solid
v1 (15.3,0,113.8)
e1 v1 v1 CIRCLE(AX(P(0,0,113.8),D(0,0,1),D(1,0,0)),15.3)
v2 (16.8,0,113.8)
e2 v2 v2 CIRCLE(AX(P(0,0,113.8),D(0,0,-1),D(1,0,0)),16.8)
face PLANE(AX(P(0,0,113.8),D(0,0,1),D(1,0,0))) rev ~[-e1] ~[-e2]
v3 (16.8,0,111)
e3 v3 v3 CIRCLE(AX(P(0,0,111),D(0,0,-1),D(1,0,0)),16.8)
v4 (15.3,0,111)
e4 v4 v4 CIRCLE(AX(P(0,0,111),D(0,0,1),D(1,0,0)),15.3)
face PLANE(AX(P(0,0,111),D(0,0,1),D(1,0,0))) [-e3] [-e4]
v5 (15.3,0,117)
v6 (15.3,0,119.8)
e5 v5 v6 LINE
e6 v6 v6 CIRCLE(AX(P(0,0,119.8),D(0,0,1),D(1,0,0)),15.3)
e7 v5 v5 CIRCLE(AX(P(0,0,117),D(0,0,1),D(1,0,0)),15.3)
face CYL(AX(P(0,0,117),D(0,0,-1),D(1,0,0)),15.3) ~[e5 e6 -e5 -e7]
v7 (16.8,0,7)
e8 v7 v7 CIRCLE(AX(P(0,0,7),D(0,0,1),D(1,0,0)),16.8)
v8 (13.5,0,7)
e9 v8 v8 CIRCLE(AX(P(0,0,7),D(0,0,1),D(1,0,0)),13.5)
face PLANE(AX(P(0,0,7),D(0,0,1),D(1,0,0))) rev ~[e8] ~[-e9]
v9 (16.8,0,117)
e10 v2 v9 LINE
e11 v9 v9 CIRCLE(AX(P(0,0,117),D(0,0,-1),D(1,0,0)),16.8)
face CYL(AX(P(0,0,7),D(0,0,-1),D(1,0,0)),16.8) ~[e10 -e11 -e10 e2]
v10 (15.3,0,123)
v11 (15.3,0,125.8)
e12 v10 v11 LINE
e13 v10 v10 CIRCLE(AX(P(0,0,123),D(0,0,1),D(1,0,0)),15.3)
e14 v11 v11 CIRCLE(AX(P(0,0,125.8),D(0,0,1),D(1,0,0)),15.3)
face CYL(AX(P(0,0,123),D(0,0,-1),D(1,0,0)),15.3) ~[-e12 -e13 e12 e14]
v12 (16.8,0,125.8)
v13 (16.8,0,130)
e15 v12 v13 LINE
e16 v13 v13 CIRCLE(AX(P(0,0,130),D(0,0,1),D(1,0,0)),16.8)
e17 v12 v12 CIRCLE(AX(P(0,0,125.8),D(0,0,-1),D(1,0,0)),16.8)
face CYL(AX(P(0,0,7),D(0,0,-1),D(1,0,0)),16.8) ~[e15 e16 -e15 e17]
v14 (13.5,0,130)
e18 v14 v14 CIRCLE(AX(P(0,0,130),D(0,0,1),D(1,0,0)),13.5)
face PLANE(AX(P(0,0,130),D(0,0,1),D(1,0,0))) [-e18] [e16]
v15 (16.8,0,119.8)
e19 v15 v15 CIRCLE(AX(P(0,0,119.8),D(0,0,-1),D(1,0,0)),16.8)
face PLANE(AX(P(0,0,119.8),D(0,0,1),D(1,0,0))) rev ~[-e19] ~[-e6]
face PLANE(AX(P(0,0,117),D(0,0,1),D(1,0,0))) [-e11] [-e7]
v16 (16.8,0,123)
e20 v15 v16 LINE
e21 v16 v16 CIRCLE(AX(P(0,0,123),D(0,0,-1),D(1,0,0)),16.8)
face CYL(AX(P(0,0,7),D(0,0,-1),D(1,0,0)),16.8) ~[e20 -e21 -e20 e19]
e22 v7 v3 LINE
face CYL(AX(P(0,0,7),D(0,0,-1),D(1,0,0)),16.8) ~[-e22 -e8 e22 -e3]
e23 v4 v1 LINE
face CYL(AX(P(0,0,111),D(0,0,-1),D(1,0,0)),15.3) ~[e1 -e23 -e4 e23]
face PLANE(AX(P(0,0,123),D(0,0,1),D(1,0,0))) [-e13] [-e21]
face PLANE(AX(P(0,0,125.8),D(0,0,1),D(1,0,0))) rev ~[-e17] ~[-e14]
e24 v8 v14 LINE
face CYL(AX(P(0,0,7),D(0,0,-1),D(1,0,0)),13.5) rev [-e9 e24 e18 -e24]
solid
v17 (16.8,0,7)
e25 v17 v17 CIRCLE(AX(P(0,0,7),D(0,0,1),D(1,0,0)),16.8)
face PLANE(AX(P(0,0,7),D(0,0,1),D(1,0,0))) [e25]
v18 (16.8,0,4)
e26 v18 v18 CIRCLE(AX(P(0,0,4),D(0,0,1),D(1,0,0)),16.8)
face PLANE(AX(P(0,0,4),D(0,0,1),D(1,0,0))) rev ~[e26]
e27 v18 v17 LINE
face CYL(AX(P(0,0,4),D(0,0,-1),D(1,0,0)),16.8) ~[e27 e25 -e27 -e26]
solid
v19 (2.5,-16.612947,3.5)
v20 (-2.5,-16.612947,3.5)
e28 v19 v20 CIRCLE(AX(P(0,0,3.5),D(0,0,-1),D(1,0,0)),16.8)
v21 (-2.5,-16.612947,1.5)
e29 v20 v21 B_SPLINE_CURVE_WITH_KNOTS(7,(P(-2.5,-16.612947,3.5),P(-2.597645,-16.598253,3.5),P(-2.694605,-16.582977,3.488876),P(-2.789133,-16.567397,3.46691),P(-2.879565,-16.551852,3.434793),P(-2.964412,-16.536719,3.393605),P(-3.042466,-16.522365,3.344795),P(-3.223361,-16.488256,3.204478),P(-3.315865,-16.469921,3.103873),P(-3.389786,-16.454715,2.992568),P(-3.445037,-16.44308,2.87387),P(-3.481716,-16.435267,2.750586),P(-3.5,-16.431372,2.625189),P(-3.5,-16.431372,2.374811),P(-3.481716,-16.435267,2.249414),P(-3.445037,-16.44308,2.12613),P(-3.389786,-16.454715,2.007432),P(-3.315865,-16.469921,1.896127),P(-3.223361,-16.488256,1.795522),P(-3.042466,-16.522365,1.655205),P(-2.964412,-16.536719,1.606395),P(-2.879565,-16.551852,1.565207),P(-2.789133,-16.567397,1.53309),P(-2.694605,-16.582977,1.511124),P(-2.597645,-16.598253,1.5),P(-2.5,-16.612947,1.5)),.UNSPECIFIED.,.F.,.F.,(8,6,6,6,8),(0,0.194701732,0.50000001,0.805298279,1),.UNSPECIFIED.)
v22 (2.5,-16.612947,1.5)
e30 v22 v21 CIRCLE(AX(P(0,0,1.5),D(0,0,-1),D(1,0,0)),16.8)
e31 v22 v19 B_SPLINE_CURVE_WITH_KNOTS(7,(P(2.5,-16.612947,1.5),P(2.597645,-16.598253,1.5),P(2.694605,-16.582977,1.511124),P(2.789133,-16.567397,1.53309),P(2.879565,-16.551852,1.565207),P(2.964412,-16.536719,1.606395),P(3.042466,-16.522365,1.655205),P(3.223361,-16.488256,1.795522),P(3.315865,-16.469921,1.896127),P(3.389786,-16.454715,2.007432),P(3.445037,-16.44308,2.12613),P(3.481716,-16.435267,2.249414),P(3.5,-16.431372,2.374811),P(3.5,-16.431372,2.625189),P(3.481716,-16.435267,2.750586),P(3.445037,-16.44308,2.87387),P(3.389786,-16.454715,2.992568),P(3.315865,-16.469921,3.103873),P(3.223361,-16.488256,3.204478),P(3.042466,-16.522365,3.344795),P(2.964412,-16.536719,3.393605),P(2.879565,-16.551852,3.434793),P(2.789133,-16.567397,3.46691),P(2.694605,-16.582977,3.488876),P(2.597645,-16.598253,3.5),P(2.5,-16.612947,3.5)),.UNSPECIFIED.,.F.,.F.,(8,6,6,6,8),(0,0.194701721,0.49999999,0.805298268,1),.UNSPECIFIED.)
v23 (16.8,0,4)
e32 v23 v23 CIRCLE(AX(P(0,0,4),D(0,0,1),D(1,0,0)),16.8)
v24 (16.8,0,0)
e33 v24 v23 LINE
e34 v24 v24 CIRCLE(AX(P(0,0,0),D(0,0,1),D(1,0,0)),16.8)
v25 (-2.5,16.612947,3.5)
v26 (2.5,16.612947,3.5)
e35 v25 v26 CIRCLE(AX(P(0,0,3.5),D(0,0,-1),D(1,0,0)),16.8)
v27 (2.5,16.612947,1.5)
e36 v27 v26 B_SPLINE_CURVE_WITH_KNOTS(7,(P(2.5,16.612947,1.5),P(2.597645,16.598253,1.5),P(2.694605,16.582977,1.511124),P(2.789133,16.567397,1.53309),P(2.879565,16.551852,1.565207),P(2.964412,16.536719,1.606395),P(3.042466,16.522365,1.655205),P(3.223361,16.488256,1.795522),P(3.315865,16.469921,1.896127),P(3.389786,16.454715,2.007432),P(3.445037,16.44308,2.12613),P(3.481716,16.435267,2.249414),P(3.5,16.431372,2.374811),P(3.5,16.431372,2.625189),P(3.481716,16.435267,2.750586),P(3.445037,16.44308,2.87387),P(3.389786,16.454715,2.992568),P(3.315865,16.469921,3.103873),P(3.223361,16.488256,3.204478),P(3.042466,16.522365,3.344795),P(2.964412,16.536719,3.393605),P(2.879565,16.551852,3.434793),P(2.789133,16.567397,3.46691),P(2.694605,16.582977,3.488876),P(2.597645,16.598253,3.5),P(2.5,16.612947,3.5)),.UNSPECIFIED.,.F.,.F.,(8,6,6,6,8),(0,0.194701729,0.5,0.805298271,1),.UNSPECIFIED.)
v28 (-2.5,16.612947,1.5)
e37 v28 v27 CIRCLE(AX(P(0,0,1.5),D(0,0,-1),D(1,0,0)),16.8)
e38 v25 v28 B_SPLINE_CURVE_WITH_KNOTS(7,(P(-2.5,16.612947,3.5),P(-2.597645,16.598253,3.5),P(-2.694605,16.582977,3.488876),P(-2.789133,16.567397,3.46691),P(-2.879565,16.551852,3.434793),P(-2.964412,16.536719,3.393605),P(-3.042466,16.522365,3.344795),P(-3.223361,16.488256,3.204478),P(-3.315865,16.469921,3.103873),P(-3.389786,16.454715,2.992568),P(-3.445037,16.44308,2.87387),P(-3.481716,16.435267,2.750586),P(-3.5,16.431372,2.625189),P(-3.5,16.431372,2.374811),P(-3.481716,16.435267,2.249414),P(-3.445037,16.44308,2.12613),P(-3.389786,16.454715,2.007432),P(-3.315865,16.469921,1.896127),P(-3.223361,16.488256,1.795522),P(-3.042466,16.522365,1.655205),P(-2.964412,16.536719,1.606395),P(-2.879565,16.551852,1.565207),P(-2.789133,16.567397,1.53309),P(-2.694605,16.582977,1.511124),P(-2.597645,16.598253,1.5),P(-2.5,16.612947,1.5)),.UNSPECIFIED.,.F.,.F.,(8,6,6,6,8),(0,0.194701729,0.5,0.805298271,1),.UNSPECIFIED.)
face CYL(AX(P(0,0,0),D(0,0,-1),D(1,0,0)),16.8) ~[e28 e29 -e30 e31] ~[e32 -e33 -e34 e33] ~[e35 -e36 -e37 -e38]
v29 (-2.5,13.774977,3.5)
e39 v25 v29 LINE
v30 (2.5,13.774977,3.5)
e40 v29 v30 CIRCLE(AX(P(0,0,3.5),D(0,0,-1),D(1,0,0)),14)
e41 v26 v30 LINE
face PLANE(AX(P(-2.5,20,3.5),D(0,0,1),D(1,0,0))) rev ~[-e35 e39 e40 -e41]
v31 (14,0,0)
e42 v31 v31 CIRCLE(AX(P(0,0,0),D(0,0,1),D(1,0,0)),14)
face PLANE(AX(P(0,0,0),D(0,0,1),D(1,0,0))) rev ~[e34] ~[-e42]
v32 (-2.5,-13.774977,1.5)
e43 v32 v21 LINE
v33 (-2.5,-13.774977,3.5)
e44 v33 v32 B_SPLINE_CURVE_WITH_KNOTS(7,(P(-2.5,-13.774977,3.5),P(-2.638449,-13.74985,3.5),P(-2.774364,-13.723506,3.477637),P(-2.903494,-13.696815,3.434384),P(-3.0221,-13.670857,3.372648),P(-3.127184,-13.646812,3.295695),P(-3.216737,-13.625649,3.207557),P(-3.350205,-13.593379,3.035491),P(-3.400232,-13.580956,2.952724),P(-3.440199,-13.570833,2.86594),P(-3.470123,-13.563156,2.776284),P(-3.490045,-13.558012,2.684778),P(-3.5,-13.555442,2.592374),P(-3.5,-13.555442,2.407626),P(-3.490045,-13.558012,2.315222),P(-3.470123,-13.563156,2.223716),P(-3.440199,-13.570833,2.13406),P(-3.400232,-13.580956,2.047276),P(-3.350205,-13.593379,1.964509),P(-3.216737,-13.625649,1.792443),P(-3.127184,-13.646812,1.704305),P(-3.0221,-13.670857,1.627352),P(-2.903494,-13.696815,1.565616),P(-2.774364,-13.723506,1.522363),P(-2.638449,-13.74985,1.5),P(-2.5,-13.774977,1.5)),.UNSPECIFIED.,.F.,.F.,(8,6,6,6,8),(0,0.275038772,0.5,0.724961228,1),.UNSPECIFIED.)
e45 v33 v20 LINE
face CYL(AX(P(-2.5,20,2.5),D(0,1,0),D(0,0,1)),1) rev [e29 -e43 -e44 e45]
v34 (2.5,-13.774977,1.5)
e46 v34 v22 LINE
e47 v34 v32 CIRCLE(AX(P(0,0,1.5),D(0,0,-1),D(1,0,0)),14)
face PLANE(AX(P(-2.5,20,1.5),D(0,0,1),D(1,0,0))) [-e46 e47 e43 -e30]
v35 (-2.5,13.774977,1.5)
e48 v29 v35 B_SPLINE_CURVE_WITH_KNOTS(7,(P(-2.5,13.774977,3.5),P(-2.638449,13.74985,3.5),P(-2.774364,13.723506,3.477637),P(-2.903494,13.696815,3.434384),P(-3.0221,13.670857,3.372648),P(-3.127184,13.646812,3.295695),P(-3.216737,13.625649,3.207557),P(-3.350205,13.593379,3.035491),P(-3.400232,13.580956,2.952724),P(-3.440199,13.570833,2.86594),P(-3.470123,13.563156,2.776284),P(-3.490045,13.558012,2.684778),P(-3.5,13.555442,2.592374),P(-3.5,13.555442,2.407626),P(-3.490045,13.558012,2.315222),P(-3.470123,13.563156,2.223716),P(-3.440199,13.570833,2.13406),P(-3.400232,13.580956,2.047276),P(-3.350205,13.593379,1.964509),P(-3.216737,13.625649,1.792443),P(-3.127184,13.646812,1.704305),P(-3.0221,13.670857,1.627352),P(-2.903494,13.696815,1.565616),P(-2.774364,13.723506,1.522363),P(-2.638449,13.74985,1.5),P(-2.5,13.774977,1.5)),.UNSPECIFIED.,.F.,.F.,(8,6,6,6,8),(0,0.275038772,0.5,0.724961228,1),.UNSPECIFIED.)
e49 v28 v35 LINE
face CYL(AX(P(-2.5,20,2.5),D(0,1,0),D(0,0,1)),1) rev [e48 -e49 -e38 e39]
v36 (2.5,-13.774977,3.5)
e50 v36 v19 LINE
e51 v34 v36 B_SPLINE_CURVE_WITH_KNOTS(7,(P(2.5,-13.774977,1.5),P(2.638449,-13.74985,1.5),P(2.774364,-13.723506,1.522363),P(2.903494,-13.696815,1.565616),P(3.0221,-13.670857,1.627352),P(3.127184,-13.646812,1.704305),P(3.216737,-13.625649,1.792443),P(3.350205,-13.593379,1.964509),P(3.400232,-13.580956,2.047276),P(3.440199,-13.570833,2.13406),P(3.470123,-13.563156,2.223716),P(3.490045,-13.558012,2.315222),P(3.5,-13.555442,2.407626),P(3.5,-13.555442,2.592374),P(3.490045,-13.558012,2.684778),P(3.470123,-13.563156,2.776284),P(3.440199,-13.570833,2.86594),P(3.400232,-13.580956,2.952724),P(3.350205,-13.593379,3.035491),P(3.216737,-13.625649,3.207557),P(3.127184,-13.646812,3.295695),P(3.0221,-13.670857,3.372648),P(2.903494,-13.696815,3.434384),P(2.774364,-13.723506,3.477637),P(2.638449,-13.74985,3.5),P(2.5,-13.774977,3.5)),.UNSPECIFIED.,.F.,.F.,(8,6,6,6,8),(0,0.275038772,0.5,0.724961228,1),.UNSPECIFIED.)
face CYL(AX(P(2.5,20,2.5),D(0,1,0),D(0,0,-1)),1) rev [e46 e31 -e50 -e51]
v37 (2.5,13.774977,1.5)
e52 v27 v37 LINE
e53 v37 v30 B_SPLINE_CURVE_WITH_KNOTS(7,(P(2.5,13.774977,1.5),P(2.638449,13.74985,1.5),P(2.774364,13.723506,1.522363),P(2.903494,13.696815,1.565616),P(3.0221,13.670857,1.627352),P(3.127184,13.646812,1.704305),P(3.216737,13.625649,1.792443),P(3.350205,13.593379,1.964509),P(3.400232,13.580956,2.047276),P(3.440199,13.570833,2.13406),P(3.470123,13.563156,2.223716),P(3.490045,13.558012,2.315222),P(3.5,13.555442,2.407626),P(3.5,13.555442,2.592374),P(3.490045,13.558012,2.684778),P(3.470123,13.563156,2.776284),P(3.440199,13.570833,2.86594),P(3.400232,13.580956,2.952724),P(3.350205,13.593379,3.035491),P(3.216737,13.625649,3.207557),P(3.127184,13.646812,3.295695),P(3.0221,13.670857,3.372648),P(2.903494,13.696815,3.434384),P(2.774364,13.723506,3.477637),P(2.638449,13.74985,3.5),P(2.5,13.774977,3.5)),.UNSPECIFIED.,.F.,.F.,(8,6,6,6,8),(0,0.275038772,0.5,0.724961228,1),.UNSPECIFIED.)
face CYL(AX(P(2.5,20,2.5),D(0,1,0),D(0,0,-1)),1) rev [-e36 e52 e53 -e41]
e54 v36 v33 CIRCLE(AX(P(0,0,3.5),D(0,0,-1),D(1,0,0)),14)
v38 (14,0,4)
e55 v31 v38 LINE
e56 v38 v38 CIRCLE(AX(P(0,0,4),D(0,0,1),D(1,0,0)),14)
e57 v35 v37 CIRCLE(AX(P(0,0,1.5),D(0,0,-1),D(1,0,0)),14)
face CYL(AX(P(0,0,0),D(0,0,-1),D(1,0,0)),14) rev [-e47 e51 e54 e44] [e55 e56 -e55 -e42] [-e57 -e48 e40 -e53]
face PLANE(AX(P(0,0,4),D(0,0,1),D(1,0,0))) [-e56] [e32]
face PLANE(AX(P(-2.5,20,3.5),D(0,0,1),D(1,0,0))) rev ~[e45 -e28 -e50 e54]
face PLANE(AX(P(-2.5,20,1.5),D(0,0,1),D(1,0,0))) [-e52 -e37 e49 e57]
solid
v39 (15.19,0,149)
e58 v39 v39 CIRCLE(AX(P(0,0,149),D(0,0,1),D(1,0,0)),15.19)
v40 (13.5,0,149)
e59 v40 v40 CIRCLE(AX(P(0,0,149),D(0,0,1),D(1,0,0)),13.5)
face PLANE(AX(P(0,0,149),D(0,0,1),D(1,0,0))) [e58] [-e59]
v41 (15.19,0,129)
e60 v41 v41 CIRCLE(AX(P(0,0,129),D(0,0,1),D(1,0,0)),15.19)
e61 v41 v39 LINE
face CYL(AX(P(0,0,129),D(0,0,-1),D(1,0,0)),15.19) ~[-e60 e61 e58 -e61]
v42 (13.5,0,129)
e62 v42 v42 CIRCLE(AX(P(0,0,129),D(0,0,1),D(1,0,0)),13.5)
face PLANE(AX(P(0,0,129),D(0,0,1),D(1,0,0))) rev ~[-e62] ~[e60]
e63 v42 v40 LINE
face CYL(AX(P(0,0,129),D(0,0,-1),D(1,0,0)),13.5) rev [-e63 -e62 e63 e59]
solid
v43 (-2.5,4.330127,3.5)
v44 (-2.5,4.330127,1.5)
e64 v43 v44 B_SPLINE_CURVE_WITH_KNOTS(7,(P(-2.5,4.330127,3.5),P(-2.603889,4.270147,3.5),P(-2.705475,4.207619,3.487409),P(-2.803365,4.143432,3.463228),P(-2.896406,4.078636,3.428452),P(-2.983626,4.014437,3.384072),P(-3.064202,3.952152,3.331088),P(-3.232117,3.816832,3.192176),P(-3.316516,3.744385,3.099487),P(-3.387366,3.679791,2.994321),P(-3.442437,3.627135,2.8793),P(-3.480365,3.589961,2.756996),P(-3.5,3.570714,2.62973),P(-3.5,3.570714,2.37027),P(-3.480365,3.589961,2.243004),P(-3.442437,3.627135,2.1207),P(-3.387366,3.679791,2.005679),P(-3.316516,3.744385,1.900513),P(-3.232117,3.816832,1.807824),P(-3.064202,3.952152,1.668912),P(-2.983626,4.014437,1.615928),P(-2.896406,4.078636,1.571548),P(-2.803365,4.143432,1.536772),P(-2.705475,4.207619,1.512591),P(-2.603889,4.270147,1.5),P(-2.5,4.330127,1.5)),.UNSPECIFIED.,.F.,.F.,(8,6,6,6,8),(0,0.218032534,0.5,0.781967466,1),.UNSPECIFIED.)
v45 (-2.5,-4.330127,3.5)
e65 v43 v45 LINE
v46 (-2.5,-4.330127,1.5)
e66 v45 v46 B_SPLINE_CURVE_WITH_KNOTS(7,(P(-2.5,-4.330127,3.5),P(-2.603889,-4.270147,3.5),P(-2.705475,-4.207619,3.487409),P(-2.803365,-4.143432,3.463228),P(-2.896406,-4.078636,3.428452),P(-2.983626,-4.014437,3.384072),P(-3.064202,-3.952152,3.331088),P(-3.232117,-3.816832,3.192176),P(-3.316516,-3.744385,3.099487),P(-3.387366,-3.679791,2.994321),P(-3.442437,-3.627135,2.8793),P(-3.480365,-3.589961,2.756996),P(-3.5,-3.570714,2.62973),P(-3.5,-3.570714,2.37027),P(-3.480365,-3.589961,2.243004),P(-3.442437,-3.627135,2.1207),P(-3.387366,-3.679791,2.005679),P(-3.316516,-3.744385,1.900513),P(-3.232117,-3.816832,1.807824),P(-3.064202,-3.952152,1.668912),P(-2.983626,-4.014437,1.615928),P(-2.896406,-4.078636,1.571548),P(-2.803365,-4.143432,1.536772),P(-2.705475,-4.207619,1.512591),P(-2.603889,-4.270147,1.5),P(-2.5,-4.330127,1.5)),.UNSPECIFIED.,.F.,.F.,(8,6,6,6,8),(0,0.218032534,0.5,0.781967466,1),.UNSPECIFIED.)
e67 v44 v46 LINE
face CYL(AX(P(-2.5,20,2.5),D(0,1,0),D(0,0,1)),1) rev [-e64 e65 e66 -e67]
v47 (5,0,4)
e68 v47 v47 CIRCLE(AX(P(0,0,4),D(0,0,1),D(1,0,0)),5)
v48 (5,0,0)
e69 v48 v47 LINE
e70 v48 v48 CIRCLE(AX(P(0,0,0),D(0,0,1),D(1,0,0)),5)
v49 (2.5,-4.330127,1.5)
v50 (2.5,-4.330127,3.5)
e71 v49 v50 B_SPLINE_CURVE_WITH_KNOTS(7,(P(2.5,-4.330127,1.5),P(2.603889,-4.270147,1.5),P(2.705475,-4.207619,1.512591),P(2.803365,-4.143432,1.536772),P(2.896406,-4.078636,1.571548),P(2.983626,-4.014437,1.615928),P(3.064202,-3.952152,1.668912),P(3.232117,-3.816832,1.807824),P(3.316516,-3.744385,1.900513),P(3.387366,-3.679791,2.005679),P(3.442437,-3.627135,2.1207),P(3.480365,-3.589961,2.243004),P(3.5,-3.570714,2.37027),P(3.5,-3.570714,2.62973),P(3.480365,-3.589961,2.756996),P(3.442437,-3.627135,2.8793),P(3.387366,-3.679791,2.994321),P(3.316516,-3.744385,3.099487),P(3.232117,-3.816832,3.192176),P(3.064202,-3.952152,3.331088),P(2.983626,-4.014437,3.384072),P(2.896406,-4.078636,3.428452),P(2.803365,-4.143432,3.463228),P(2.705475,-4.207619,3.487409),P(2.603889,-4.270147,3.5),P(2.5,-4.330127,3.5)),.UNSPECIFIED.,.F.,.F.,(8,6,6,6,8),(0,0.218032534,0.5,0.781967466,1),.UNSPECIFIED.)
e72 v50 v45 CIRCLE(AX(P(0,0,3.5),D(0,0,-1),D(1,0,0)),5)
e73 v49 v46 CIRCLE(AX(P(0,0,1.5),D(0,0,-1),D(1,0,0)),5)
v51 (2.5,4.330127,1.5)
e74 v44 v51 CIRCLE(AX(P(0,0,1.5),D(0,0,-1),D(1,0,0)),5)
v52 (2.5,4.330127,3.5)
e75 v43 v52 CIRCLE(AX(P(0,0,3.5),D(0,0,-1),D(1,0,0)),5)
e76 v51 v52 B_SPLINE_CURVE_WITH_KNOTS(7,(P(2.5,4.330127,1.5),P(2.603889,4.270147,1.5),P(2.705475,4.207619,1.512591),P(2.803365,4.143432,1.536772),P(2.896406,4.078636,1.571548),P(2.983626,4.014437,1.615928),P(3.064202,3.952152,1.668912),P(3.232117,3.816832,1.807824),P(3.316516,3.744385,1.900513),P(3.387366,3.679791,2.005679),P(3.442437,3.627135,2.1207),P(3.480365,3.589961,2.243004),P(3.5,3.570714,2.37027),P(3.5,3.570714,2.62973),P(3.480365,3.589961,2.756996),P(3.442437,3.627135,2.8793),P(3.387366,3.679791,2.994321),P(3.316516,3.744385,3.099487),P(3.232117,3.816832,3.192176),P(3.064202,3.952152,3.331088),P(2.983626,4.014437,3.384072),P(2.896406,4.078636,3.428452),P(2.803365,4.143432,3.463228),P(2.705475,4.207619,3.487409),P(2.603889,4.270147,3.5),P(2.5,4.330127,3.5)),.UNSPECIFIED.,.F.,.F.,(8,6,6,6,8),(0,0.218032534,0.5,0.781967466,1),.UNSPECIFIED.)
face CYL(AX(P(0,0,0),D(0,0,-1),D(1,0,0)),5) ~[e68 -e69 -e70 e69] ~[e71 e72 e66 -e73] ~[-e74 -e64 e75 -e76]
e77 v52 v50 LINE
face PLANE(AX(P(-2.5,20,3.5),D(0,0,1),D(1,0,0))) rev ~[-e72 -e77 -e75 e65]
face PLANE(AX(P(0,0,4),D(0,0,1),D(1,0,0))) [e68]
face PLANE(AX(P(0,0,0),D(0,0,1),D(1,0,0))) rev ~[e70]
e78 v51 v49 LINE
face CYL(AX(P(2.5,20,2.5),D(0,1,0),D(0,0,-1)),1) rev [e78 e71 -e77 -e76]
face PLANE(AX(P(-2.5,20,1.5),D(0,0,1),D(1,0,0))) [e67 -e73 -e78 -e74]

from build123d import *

# Parameters (mm, degrees)
SKETCH005_R    = 16.8
PAD004_DEPTH   = 3
PAD003_DEPTH   = 40
CYLINDER_R     = 5
CYLINDER_DEPTH = 4
SKETCH_R       = 16.8
SKETCH_R_2     = 14
PAD_DEPTH      = 4
SKETCH007_R    = 20
SKETCH007_R_2  = 15.3
PAD005_DEPTH   = 2.8
SKETCH008_R    = 20
SKETCH008_R_2  = 15.3
PAD006_DEPTH   = 2.8
SKETCH009_R    = 20
SKETCH009_R_2  = 15.3
PAD007_DEPTH   = 2.8
SKETCH002_R    = 16.8
SKETCH002_R_2  = 13.5
PAD002_DEPTH   = 123
SKETCH010_R    = 15.19
SKETCH010_R_2  = 13.5
PAD008_DEPTH   = 20


with BuildPart() as boden:
    # Sketch005 → Pad004 (new body)
    with BuildSketch(Plane.XY.offset(4)):
        Circle(SKETCH005_R)
    extrude(amount=PAD004_DEPTH)


with BuildPart() as langloch_boltsnap:
    # Sketch004 → Pad003 (new body)
    with BuildSketch(Plane(origin=(0, 20, 1.5), x_dir=(1, 0, 0), z_dir=(0, -1, 0))):
        with BuildLine():
            ThreePointArc((-2.5, 2), (-3.5, 1), (-2.5, 0))
            Line((-2.5, 0), (2.5, 0))
            ThreePointArc((2.5, 0), (3.5, 1), (2.5, 2))
            Line((-2.5, 2), (2.5, 2))
        make_face()
    extrude(amount=PAD003_DEPTH)


with BuildPart() as cut001:
    # Cylinder → Cylinder (new body)
    with BuildSketch(Plane.XY):
        Circle(CYLINDER_R)
    extrude(amount=CYLINDER_DEPTH)

    # Cut001: cut Langloch Boltsnap
    add(langloch_boltsnap.part, mode=Mode.SUBTRACT)


with BuildPart() as cut_se_boltsnap001:
    # Sketch → Pad (new body)
    with BuildSketch(Plane.XY):
        Circle(SKETCH_R)
        Circle(SKETCH_R_2, mode=Mode.SUBTRACT)
    extrude(amount=PAD_DEPTH)

    # Cut: cut Langloch Boltsnap
    add(langloch_boltsnap.part, mode=Mode.SUBTRACT)

    # Fusion: union Cut001
    add(cut001.part)


with BuildPart() as pad005:
    # Sketch007 → Pad005 (new body)
    with BuildSketch(Plane.XY.offset(123)):
        Circle(SKETCH007_R)
        Circle(SKETCH007_R_2, mode=Mode.SUBTRACT)
    extrude(amount=PAD005_DEPTH)


with BuildPart() as fusion001:
    # Sketch008 → Pad006 (new body)
    with BuildSketch(Plane.XY.offset(117)):
        Circle(SKETCH008_R)
        Circle(SKETCH008_R_2, mode=Mode.SUBTRACT)
    extrude(amount=PAD006_DEPTH)

    # Fusion001: union Pad005
    add(pad005.part)


with BuildPart() as oring_nuten:
    # Sketch009 → Pad007 (new body)
    with BuildSketch(Plane.XY.offset(111)):
        Circle(SKETCH009_R)
        Circle(SKETCH009_R_2, mode=Mode.SUBTRACT)
    extrude(amount=PAD007_DEPTH)

    # Fusion002: union Fusion001
    add(fusion001.part)


with BuildPart() as cut002:
    # Sketch002 → Pad002 (new body)
    with BuildSketch(Plane.XY.offset(7)):
        Circle(SKETCH002_R)
        Circle(SKETCH002_R_2, mode=Mode.SUBTRACT)
    extrude(amount=PAD002_DEPTH)

    # Cut002: cut ORing Nuten
    add(oring_nuten.part, mode=Mode.SUBTRACT)


with BuildPart() as pad008:
    # Sketch010 → Pad008 (new body)
    with BuildSketch(Plane.XY.offset(129)):
        Circle(SKETCH010_R)
        Circle(SKETCH010_R_2, mode=Mode.SUBTRACT)
    extrude(amount=PAD008_DEPTH)


solid = Compound([boden.part, cut_se_boltsnap001.part, cut002.part, pad008.part])
